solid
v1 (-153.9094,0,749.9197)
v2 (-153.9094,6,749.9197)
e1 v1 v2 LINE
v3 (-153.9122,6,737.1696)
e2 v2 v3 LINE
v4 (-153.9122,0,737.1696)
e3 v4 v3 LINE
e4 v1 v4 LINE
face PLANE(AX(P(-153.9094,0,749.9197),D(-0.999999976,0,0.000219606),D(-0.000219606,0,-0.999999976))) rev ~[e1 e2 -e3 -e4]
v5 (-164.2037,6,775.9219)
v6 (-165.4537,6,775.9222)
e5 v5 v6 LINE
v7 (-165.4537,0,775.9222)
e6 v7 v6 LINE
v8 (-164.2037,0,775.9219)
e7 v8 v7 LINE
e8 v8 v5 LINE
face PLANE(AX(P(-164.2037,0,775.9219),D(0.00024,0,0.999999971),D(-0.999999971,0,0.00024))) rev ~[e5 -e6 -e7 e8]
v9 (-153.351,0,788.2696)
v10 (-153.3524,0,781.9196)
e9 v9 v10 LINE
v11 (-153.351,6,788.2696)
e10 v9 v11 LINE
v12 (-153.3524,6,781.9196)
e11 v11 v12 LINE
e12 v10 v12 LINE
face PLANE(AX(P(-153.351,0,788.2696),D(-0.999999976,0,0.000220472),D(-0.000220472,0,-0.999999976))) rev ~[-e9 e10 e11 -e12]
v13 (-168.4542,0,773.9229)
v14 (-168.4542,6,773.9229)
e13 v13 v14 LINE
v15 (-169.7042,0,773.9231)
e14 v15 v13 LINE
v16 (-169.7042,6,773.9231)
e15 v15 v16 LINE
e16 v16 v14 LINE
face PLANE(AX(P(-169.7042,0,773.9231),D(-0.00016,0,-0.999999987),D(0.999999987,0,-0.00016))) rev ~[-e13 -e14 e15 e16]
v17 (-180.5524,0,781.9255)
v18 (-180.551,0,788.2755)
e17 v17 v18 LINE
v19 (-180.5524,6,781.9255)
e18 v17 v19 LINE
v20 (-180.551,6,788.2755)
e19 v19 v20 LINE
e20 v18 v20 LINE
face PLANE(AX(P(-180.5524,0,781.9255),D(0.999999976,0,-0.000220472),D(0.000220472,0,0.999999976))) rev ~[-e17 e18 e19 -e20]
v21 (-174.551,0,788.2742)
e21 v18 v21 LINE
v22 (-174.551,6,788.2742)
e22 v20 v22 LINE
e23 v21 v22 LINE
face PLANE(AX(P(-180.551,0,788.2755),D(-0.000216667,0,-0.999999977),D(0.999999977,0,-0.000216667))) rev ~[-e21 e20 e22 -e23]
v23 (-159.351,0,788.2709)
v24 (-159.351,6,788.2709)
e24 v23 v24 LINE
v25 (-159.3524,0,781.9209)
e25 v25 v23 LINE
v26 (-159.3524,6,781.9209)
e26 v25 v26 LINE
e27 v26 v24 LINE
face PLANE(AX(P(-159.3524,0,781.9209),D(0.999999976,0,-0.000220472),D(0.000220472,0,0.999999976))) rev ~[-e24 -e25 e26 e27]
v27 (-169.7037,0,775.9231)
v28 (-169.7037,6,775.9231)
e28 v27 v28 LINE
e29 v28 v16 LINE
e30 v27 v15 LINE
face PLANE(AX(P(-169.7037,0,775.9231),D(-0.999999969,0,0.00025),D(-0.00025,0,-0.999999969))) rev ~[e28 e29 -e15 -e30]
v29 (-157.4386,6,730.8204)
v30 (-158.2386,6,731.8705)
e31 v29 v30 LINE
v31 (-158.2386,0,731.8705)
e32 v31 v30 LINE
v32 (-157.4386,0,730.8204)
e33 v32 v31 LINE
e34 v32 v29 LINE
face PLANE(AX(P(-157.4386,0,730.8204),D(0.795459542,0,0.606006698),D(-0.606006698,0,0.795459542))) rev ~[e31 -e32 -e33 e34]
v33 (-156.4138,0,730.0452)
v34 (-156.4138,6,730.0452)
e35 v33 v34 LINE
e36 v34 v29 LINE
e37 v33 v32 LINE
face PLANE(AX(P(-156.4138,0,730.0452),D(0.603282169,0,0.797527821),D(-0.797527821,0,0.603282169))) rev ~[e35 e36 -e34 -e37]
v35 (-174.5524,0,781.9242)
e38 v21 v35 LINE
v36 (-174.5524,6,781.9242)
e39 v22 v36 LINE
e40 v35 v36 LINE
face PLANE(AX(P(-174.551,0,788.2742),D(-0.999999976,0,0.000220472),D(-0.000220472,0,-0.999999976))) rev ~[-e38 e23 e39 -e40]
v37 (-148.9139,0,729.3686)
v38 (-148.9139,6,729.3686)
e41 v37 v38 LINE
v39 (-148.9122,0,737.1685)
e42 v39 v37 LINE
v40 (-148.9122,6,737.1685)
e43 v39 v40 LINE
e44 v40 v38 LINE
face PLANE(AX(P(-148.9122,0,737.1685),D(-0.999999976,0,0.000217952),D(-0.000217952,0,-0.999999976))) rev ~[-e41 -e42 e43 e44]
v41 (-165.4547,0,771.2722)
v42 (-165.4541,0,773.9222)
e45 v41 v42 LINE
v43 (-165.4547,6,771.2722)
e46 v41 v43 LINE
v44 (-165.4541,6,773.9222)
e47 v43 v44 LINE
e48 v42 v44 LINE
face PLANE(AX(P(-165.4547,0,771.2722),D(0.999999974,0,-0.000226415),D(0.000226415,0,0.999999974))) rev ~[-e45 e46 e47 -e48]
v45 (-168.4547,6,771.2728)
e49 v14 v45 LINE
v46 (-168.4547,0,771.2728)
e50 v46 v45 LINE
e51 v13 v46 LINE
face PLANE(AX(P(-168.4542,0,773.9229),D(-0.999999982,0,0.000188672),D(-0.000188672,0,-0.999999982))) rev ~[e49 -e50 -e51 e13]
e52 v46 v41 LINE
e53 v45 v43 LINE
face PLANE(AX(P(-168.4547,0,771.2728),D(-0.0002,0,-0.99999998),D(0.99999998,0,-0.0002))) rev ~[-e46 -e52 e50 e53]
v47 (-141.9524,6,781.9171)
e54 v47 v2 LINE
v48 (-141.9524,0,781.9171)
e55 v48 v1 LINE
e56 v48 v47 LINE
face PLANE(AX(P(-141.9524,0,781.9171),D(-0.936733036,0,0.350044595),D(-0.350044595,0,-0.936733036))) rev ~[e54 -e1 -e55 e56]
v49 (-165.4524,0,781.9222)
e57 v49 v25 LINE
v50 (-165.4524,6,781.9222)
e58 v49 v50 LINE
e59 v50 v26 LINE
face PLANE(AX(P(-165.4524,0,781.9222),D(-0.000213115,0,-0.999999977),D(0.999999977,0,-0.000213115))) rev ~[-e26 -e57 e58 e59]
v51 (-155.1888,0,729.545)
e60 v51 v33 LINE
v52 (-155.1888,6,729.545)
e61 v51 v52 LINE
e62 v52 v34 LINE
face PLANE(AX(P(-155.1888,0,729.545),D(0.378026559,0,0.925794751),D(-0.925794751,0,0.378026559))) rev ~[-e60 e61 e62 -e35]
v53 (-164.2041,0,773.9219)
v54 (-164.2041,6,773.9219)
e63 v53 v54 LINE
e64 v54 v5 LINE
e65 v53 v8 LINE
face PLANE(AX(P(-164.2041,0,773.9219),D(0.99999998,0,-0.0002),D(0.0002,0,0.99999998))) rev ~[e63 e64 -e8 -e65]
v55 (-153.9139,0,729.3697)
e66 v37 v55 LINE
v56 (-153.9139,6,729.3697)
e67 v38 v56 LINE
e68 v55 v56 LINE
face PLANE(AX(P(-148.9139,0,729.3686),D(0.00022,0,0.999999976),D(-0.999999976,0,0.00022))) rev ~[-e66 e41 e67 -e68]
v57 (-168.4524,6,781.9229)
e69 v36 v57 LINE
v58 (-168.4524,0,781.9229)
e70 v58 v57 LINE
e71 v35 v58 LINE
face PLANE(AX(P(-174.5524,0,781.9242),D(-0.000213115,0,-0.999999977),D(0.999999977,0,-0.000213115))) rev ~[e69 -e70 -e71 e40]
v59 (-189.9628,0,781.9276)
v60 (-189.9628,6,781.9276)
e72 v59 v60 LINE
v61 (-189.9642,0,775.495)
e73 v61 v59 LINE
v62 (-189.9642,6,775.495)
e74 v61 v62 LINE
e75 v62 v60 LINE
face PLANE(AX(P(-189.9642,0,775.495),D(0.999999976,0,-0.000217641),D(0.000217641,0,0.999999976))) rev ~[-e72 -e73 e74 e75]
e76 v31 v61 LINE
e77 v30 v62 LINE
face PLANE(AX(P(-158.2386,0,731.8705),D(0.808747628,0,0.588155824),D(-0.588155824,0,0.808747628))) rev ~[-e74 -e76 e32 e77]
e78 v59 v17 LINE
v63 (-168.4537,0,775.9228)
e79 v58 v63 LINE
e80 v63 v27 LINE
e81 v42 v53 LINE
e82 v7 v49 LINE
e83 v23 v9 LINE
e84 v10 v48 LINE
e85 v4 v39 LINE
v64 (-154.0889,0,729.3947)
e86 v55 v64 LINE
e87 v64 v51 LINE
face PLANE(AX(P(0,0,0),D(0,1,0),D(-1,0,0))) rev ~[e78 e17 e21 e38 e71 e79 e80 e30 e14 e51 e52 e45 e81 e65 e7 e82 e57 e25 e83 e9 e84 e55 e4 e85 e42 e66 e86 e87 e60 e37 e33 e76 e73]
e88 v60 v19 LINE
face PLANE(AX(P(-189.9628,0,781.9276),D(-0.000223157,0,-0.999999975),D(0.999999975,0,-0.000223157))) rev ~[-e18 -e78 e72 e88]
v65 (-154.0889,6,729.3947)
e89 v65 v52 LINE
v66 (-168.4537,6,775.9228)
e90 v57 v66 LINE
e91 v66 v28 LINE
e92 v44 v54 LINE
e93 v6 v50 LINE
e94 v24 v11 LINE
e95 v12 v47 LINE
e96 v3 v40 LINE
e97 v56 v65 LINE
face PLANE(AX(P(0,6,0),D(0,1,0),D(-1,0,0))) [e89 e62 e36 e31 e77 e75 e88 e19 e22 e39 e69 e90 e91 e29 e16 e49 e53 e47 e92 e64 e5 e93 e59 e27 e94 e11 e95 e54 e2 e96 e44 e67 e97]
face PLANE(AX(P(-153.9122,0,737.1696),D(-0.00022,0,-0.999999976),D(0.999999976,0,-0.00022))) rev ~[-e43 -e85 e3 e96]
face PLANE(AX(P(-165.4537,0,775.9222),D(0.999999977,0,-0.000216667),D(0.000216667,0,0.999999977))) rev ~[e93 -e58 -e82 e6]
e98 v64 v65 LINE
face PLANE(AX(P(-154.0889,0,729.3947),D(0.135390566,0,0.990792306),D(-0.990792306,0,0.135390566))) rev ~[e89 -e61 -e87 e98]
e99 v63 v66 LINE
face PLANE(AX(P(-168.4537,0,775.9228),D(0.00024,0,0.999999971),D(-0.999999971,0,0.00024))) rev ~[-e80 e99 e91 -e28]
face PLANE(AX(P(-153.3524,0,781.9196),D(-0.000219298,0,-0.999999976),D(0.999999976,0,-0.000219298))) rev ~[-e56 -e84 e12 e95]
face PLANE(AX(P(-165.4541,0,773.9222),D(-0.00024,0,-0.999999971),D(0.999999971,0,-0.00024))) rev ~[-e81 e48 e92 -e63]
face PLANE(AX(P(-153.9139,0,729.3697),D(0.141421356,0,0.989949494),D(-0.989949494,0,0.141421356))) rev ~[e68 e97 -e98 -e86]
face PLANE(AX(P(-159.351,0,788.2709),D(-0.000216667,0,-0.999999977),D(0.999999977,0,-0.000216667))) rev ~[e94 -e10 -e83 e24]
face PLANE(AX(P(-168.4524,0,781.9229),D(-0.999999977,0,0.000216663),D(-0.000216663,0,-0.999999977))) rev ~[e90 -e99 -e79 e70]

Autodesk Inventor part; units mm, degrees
ref_plane "YZ Plane" through (0, 0, 0) normal (1, 0, 0) x (0, 1, 0)
ref_plane "XZ Plane" through (0, 0, 0) normal (0, 1, 0) x (-1, 0, 0)
ref_plane "XY Plane" through (0, 0, 0) normal (0, 0, 1) x (1, 0, 0)
sketch "Sketch1" plane through (0, 0, 0) normal (0, 1, 0) x (-1, 0, 0)
  line L0 (180.5524, 781.9255) -> (180.551, 788.2755)
  line L1 (180.551, 788.2755) -> (174.551, 788.2742)
  line L2 (174.551, 788.2742) -> (174.5524, 781.9242)
  line L3 (174.5524, 781.9242) -> (168.4524, 781.9229)
  line L4 (168.4524, 781.9229) -> (168.4537, 775.9228)
  line L5 (168.4537, 775.9228) -> (169.7037, 775.9231)
  line L6 (169.7037, 775.9231) -> (169.7042, 773.9231)
  line L7 (169.7042, 773.9231) -> (168.4542, 773.9229)
  line L8 (168.4542, 773.9229) -> (168.4547, 771.2728)
  line L9 (168.4547, 771.2728) -> (165.4547, 771.2722)
  line L10 (165.4547, 771.2722) -> (165.4541, 773.9222)
  line L11 (165.4541, 773.9222) -> (164.2041, 773.9219)
  line L12 (164.2041, 773.9219) -> (164.2037, 775.9219)
  line L13 (164.2037, 775.9219) -> (165.4537, 775.9222)
  line L14 (165.4537, 775.9222) -> (165.4524, 781.9222)
  line L15 (165.4524, 781.9222) -> (159.3524, 781.9209)
  line L16 (159.3524, 781.9209) -> (159.351, 788.2709)
  line L17 (159.351, 788.2709) -> (153.351, 788.2696)
  line L18 (153.351, 788.2696) -> (153.3524, 781.9196)
  line L19 (153.3524, 781.9196) -> (141.9524, 781.9171)
  line L20 (141.9524, 781.9171) -> (153.9094, 749.9197)
  line L21 (153.9094, 749.9197) -> (153.9122, 737.1696)
  line L22 (153.9122, 737.1696) -> (148.9122, 737.1685)
  line L23 (148.9122, 737.1685) -> (148.9139, 729.3686)
  line L24 (148.9139, 729.3686) -> (153.9139, 729.3697)
  line L25 (153.9139, 729.3697) -> (154.0889, 729.3947)
  line L26 (154.0889, 729.3947) -> (155.1888, 729.545)
  line L27 (155.1888, 729.545) -> (156.4138, 730.0452)
  line L28 (156.4138, 730.0452) -> (157.4386, 730.8204)
  line L29 (157.4386, 730.8204) -> (158.2386, 731.8705)
  line L30 (158.2386, 731.8705) -> (189.9642, 775.495)
  line L31 (189.9642, 775.495) -> (189.9628, 781.9276)
  line L32 (189.9628, 781.9276) -> (180.5524, 781.9255)
  point P0 (0, 0)
extrude "Extrusion1" add sketch "Sketch1" along normal blind 6
properties part number "Z Motor Mount Brace_CPY"
